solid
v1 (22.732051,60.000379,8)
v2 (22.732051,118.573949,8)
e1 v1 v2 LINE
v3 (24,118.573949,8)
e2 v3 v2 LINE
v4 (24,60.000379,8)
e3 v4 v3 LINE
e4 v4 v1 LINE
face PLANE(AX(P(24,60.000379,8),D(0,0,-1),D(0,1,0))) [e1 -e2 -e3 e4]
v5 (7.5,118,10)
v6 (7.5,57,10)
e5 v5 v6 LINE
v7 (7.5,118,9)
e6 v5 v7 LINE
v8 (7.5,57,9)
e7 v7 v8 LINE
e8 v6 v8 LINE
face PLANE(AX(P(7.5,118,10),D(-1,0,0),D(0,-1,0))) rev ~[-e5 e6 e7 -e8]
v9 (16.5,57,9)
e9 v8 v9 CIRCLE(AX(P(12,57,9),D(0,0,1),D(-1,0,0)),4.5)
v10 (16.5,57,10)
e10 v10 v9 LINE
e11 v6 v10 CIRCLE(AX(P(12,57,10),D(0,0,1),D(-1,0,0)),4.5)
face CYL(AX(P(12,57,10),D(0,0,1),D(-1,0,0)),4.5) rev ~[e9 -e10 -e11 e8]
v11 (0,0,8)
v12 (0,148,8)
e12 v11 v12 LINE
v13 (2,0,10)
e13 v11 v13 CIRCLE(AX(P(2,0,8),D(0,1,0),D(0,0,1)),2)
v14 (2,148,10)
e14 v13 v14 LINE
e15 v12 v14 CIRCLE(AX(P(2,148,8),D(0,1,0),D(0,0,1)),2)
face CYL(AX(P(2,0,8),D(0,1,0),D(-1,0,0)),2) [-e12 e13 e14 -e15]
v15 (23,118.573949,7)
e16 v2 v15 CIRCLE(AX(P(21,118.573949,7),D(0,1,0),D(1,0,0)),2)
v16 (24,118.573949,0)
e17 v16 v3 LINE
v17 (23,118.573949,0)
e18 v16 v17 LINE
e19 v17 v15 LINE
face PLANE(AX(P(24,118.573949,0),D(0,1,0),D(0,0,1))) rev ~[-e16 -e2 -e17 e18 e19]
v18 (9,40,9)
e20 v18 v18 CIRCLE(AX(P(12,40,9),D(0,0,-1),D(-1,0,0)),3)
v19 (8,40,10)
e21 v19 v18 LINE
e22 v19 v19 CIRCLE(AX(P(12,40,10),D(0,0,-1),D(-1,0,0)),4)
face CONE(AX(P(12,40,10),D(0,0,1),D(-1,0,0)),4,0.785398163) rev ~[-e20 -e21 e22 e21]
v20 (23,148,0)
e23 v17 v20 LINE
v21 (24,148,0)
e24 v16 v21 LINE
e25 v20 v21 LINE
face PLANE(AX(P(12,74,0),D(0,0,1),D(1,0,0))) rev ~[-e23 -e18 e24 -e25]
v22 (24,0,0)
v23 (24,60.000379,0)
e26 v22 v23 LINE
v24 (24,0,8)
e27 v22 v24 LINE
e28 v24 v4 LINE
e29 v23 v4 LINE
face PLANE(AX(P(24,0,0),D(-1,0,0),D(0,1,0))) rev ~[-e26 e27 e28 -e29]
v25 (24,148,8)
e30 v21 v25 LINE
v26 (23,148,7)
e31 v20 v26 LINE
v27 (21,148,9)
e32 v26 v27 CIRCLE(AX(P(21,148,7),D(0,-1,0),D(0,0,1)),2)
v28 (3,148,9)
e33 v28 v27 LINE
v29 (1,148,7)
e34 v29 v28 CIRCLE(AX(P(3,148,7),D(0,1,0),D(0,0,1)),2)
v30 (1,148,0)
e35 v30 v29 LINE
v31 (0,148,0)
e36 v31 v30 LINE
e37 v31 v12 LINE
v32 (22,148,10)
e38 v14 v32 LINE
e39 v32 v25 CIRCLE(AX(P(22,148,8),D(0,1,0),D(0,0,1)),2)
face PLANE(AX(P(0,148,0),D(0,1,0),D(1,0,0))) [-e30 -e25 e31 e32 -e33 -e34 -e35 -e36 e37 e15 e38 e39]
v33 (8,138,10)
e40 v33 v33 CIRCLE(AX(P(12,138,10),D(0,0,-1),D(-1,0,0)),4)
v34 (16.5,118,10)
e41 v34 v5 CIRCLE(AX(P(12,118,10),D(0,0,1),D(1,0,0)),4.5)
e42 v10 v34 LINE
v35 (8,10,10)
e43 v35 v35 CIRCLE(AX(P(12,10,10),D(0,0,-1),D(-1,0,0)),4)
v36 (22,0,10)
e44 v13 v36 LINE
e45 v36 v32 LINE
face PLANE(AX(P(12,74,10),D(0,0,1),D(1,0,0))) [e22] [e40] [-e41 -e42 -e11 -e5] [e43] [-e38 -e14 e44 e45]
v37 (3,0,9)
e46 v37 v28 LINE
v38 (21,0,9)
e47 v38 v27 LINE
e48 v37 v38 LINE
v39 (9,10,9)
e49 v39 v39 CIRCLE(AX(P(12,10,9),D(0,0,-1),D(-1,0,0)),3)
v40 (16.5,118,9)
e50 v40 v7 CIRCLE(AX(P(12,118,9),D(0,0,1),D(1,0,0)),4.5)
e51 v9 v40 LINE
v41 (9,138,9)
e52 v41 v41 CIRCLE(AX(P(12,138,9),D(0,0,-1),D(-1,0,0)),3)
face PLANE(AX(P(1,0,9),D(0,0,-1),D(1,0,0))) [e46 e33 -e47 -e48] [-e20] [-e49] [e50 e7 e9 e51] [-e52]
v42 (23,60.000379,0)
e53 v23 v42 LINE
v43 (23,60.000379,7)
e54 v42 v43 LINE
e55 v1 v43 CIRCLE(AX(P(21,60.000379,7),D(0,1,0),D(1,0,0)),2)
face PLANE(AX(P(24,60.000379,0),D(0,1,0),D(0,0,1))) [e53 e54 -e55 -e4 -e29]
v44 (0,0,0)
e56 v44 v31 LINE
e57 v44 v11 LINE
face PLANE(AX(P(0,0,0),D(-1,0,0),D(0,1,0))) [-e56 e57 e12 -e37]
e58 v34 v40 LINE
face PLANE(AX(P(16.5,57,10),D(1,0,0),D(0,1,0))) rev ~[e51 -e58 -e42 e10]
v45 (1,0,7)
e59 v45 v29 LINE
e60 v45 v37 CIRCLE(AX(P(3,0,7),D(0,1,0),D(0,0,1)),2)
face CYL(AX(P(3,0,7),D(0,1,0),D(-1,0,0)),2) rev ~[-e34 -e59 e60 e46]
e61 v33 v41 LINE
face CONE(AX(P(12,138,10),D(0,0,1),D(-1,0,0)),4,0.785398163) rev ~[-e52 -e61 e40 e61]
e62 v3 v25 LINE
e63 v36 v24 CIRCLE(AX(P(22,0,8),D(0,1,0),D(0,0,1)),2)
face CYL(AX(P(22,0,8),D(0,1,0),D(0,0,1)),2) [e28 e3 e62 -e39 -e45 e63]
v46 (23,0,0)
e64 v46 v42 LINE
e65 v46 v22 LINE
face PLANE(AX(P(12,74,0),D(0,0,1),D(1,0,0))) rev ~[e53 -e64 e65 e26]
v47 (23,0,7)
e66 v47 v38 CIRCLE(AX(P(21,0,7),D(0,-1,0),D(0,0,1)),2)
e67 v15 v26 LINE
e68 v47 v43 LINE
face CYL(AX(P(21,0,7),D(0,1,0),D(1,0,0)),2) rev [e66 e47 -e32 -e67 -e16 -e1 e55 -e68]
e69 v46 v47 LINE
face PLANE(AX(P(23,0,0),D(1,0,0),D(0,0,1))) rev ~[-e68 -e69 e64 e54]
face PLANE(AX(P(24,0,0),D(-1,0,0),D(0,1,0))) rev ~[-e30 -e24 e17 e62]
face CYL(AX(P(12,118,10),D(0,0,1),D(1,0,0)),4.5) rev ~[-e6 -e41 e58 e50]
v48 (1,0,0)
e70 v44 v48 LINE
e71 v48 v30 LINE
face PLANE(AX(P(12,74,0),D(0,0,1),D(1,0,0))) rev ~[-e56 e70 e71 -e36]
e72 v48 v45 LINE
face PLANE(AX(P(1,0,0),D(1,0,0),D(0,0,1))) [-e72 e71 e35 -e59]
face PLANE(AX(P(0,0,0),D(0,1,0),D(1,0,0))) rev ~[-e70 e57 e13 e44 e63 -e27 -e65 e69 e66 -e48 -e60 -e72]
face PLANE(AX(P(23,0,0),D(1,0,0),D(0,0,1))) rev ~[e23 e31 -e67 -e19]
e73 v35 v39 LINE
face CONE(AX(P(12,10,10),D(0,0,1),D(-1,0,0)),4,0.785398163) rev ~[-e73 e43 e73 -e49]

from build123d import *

# Parameters (mm, degrees)
F0_W            = 24
F0_H            = 148
F1_DEPTH        = 10
F2_R            = 2
F3_W            = 22
F3_H            = 9
F4_DEPTH        = 148
F5_R            = 2
F7_DEPTH        = 1
F8_R            = 2
F9_R            = 2
F11_D           = 5
F11_CSINK_D     = 8
F11_CSINK_ANGLE = 90
F13_W           = 58.5735701025
F13_H           = 8
F14_DEPTH       = 1.2689491924


with BuildPart() as f1:
    # F0 (on Top) → F1 (new body)
    with BuildSketch(Plane.XY):
        with Locations((12, 74)):
            Rectangle(F0_W, F0_H)
    extrude(amount=F1_DEPTH)

    # F2
    f2_edges = [f1.edges().sort_by_distance(p)[0] for p in [
        (0, 74, 10),
    ]]
    fillet(f2_edges, radius=F2_R)

    # F3 (on face) → F4 (cut, through all)
    with BuildSketch(Plane.XZ):
        with Locations((12, 4.5)):
            Rectangle(F3_W, F3_H)
    extrude(amount=-F4_DEPTH, mode=Mode.SUBTRACT)

    # F5
    f5_edges = [f1.edges().sort_by_distance(p)[0] for p in [
        (1, 74, 9),
    ]]
    fillet(f5_edges, radius=F5_R)

    # F6 (on face) → F7 (cut, through all)
    with BuildSketch(Plane.XY.offset(10)):
        with BuildLine():
            Line((16.5, 57), (16.5, 118))
            ThreePointArc((16.5, 118), (12, 122.5), (7.5, 118))
            Line((7.5, 118), (7.5, 57))
            ThreePointArc((7.5, 57), (12, 52.5), (16.5, 57))
        make_face()
    extrude(amount=-F7_DEPTH, mode=Mode.SUBTRACT)

    # F8
    f8_edges = [f1.edges().sort_by_distance(p)[0] for p in [
        (24, 74, 10),
    ]]
    fillet(f8_edges, radius=F8_R)

    # F9
    f9_edges = [f1.edges().sort_by_distance(p)[0] for p in [
        (23, 74, 9),
    ]]
    fillet(f9_edges, radius=F9_R)

    # F11 (through all)
    with Locations(Plane.XY.offset(10)):
        with Locations((12, 138), (12, 40), (12, 10)):
            CounterSinkHole(F11_D / 2, F11_CSINK_D / 2, counter_sink_angle=F11_CSINK_ANGLE)

    # F13 (on face) → F14 (cut, through all)
    with BuildSketch(Plane.YZ.offset(24)):
        with Locations((89.2871636897, 4)):
            Rectangle(F13_W, F13_H)
    extrude(amount=-F14_DEPTH, mode=Mode.SUBTRACT)


solid = f1.part
